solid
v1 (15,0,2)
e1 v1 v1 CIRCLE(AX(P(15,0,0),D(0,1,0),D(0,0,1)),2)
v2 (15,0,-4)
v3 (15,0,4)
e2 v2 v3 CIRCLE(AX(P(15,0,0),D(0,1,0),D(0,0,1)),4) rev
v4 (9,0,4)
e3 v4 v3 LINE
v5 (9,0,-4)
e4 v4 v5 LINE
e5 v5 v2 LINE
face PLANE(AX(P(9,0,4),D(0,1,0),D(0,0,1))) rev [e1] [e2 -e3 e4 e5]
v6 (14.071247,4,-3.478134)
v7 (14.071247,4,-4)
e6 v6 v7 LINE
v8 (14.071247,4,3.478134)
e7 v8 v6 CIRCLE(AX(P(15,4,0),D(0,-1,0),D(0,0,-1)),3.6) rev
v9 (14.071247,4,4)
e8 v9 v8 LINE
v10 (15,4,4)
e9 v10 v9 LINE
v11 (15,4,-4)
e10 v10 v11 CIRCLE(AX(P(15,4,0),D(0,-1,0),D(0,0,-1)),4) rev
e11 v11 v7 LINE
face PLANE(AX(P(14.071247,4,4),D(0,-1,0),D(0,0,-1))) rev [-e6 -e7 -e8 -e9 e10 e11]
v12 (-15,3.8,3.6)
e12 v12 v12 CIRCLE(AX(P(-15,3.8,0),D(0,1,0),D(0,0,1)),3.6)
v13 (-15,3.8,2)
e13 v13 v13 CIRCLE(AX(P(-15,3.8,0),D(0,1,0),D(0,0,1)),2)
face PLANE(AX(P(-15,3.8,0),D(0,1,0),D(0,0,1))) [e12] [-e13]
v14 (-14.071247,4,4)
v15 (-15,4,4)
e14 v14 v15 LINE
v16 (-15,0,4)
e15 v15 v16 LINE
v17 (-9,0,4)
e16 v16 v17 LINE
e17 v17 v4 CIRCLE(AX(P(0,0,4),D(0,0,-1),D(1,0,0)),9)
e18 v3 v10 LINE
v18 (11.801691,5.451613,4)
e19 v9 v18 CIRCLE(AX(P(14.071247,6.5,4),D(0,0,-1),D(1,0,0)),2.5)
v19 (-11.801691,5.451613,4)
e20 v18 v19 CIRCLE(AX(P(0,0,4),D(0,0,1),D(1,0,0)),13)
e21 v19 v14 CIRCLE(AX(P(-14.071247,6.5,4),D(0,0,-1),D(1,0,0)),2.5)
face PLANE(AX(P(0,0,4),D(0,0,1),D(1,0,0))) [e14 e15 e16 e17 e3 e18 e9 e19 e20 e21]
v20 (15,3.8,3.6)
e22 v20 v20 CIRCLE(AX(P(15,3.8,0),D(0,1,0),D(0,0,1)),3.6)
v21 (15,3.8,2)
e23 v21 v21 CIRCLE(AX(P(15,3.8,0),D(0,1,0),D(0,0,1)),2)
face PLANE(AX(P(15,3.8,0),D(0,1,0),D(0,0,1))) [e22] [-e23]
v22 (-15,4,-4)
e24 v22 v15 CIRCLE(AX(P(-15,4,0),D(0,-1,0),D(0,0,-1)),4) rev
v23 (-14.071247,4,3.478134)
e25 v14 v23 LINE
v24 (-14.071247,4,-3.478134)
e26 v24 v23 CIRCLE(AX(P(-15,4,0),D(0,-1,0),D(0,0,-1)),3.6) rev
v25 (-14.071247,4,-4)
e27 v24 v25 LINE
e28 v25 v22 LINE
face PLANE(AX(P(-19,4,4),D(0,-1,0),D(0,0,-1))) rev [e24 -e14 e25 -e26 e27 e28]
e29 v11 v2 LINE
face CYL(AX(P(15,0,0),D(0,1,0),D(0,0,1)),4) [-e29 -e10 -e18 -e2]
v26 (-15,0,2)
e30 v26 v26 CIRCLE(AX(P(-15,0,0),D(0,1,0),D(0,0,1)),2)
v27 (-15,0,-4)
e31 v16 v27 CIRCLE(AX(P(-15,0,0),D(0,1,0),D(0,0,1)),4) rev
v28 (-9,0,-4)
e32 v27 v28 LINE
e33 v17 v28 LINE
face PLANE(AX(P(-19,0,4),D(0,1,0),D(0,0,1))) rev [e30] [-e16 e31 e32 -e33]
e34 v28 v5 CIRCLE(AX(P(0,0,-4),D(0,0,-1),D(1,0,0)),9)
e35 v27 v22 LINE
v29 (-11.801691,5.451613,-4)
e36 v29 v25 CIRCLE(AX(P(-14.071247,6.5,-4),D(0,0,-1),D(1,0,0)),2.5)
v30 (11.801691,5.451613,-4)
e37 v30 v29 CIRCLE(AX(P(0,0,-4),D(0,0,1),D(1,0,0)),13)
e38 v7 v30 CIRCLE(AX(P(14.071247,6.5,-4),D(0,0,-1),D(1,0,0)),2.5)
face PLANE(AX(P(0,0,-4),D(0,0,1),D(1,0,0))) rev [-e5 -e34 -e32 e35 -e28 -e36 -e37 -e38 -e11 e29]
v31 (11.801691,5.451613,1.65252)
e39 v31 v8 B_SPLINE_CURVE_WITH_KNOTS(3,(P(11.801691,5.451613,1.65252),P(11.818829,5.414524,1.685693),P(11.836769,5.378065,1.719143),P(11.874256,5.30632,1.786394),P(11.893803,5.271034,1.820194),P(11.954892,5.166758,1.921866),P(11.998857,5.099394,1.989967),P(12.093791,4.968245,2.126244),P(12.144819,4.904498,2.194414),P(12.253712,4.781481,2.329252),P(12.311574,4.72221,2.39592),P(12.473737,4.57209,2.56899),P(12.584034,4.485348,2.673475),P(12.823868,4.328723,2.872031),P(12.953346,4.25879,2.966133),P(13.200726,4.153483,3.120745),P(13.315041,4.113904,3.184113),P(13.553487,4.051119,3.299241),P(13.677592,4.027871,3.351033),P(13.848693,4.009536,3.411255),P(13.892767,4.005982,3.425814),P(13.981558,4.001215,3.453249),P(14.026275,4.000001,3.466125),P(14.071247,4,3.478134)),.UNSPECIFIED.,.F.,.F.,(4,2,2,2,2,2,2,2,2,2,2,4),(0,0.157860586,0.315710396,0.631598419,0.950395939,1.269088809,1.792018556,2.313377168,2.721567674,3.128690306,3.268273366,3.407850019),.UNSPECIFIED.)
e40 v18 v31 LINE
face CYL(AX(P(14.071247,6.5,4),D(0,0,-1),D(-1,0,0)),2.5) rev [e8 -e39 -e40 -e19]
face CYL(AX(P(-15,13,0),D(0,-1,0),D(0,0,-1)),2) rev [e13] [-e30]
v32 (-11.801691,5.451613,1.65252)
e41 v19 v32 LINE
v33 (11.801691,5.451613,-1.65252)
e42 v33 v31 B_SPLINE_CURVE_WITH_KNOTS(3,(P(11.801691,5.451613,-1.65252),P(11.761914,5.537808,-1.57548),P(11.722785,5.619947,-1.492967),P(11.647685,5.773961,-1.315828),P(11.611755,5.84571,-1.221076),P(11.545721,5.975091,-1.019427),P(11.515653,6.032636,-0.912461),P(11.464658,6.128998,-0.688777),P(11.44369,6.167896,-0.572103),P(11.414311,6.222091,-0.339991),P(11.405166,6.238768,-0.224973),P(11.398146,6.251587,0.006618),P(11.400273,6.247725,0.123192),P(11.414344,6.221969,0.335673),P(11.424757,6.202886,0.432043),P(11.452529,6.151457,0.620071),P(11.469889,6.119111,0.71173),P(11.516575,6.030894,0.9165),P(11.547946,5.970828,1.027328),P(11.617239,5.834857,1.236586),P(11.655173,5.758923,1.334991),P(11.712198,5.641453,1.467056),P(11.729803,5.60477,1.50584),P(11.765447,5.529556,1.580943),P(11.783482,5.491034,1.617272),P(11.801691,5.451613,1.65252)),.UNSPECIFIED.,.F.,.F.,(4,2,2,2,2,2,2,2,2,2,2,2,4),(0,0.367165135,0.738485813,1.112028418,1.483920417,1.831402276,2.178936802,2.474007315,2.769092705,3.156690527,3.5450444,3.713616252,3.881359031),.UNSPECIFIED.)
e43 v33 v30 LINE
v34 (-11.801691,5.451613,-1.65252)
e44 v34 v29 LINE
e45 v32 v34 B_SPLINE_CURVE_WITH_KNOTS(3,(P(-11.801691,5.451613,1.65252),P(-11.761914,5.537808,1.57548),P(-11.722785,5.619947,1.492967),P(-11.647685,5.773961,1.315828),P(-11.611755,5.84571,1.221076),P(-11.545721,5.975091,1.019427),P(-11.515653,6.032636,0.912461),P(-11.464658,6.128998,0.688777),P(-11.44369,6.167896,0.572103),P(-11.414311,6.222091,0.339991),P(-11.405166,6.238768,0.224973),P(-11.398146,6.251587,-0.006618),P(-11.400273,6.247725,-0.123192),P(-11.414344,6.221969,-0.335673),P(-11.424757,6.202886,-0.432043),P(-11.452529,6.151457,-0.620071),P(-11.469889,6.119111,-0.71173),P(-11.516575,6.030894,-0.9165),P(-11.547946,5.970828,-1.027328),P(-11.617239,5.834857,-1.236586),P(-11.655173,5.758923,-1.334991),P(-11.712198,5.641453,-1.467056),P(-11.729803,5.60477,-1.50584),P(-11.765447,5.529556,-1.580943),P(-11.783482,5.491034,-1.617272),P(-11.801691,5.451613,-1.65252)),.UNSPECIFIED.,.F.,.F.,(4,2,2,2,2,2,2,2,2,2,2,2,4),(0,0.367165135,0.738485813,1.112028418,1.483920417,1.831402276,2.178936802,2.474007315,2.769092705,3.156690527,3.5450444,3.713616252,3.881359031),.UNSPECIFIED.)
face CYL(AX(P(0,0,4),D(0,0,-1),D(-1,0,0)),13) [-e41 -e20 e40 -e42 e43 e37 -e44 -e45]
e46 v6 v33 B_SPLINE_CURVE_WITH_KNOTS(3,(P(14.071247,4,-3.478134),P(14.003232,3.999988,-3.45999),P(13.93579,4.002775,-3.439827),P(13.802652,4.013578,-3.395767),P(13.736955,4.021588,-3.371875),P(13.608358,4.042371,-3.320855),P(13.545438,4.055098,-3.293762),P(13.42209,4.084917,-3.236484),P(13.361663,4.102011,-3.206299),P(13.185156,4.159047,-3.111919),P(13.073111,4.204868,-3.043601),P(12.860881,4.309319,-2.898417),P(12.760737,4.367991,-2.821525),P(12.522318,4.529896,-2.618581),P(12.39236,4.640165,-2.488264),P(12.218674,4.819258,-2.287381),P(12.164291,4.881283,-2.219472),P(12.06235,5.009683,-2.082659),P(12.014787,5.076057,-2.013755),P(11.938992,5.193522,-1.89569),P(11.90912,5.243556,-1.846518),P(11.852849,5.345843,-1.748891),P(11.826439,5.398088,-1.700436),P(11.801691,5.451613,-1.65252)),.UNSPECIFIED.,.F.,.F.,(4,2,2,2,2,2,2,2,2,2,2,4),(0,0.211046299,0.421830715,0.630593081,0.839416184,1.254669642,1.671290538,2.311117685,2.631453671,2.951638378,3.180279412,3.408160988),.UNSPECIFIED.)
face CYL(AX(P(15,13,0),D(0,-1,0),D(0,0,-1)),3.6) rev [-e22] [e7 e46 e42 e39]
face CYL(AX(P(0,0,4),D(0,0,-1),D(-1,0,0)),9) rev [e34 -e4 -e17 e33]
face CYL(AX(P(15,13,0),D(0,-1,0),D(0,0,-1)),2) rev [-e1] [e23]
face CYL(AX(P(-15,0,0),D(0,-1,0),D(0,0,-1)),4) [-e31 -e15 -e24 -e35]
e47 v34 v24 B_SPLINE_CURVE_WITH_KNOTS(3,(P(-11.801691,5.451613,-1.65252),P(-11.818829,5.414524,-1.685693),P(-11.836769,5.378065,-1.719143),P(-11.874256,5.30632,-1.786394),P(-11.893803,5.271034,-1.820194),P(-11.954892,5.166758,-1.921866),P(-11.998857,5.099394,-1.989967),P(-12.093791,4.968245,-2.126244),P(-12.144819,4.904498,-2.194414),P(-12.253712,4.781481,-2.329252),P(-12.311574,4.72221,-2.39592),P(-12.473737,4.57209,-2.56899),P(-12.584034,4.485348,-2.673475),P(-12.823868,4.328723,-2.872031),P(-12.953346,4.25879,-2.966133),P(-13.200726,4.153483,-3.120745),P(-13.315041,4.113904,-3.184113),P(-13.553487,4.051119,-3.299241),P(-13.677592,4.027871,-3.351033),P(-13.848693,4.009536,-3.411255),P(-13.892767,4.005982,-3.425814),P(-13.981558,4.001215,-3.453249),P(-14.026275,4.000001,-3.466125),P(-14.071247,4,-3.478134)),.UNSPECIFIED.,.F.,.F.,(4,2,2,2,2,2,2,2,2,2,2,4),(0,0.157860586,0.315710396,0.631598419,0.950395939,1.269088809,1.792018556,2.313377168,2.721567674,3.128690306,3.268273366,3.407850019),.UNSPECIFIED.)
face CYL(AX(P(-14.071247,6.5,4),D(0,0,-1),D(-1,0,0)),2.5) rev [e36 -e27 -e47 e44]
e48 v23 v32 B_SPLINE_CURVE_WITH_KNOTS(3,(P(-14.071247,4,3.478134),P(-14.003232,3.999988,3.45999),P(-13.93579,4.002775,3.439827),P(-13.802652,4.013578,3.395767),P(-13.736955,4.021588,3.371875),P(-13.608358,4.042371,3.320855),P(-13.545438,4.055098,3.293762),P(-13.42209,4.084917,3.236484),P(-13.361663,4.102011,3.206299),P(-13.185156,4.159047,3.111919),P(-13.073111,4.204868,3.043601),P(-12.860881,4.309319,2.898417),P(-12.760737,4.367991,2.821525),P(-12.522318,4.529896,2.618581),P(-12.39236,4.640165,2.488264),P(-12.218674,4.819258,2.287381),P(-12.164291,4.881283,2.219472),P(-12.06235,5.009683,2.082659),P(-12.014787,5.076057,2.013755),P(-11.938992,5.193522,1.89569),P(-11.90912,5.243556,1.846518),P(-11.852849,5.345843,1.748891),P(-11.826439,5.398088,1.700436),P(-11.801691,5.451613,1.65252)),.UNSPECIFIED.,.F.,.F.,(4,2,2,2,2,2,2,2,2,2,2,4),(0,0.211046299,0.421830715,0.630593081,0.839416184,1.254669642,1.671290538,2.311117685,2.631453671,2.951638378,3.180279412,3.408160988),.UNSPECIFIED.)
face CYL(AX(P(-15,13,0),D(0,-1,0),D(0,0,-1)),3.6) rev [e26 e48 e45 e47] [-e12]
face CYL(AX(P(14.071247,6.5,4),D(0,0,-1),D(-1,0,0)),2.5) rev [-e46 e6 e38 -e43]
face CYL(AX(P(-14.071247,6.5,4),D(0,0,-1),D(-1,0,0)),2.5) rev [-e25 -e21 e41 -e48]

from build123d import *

# Parameters (mm, degrees)
BOSS_EXTRUDE1_DEPTH = 4
SKETCH2_R           = 2
CUT_EXTRUDE1_DEPTH  = 24.366642891
FILLET1_RADIUS      = 4
FILLET1_LENGTH      = 4
FILLET2_RADIUS      = 4
FILLET2_LENGTH      = 4
CUT_EXTRUDE2_START  = 3.8
SKETCH3_R           = 3.6
CUT_EXTRUDE2_DEPTH  = 20.566642908


with BuildPart() as part:
    # Sketch1 → Boss-Extrude1 (new, symmetric)
    with BuildSketch(Plane.XY):
        with BuildLine():
            Line((-19, 0), (-9, 0))
            ThreePointArc((-9, 0), (0, 9), (9, 0))
            Line((9, 0), (19, 0))
            Line((19, 0), (19, 4))
            Line((19, 4), (14.071247279, 4))
            ThreePointArc((14.071247279, 4), (12.724207514, 4.393941152), (11.801691267, 5.451612903))
            ThreePointArc((11.801691267, 5.451612903), (0, 13), (-11.801691267, 5.451612903))
            ThreePointArc((-11.801691267, 5.451612903), (-12.724207514, 4.393941152), (-14.071247279, 4))
            Line((-14.071247279, 4), (-19, 4))
            Line((-19, 4), (-19, 0))
        make_face()
    extrude(amount=BOSS_EXTRUDE1_DEPTH, both=True)

    # Sketch2 → Cut-Extrude1 (cut, through all)
    with BuildSketch(Plane(origin=(0, 0, 0), x_dir=(1, 0, 0), z_dir=(0, 1, 0))):
        with Locations(Location((15, 0, 0), (0, 0, 117.669868627))):
            Circle(SKETCH2_R)
        with Locations(Location((-15, 0, 0), (0, 0, 62.330131378))):
            Circle(SKETCH2_R)
    extrude(amount=CUT_EXTRUDE1_DEPTH, mode=Mode.SUBTRACT)

    # Fillet1: full round fillet: the end face becomes a half cylinder, R = half its width
    fillet1_face = Plane((19, 2, 0), x_dir=(0, 1, 0), z_dir=(1, 0, 0))  # on the end face: x along it, z out of the body
    fillet1_slab = fillet1_face.offset(-FILLET1_RADIUS / 2) * Box(FILLET1_LENGTH, 2 * FILLET1_RADIUS, FILLET1_RADIUS, mode=Mode.PRIVATE)  # the body's end, R deep
    fillet1_round = Plane((15, 2, 0), x_dir=(1, 0, 0), z_dir=(0, 1, 0)) * Cylinder(FILLET1_RADIUS, FILLET1_LENGTH, mode=Mode.PRIVATE)  # its axis R under the face
    add(fillet1_slab - fillet1_round, mode=Mode.SUBTRACT)

    # Fillet2: full round fillet: the end face becomes a half cylinder, R = half its width
    fillet2_face = Plane((-19, 2, 0), x_dir=(0, -1, 0), z_dir=(-1, 0, 0))  # on the end face: x along it, z out of the body
    fillet2_slab = fillet2_face.offset(-FILLET2_RADIUS / 2) * Box(FILLET2_LENGTH, 2 * FILLET2_RADIUS, FILLET2_RADIUS, mode=Mode.PRIVATE)  # the body's end, R deep
    fillet2_round = Plane((-15, 2, 0), x_dir=(-1, 0, 0), z_dir=(0, -1, 0)) * Cylinder(FILLET2_RADIUS, FILLET2_LENGTH, mode=Mode.PRIVATE)  # its axis R under the face
    add(fillet2_slab - fillet2_round, mode=Mode.SUBTRACT)

    # Sketch3 → Cut-Extrude2 (cut, through all)
    with BuildSketch(Plane(origin=(0, 0, 0), x_dir=(1, 0, 0), z_dir=(0, 1, 0)).offset(CUT_EXTRUDE2_START)):
        with Locations(Location((-15, 0, 0), (0, 0, 75.049356593))):
            Circle(SKETCH3_R)
        with Locations(Location((15, 0, 0), (0, 0, 104.950643407))):
            Circle(SKETCH3_R)
    extrude(amount=CUT_EXTRUDE2_DEPTH, mode=Mode.SUBTRACT)


solid = part.part
